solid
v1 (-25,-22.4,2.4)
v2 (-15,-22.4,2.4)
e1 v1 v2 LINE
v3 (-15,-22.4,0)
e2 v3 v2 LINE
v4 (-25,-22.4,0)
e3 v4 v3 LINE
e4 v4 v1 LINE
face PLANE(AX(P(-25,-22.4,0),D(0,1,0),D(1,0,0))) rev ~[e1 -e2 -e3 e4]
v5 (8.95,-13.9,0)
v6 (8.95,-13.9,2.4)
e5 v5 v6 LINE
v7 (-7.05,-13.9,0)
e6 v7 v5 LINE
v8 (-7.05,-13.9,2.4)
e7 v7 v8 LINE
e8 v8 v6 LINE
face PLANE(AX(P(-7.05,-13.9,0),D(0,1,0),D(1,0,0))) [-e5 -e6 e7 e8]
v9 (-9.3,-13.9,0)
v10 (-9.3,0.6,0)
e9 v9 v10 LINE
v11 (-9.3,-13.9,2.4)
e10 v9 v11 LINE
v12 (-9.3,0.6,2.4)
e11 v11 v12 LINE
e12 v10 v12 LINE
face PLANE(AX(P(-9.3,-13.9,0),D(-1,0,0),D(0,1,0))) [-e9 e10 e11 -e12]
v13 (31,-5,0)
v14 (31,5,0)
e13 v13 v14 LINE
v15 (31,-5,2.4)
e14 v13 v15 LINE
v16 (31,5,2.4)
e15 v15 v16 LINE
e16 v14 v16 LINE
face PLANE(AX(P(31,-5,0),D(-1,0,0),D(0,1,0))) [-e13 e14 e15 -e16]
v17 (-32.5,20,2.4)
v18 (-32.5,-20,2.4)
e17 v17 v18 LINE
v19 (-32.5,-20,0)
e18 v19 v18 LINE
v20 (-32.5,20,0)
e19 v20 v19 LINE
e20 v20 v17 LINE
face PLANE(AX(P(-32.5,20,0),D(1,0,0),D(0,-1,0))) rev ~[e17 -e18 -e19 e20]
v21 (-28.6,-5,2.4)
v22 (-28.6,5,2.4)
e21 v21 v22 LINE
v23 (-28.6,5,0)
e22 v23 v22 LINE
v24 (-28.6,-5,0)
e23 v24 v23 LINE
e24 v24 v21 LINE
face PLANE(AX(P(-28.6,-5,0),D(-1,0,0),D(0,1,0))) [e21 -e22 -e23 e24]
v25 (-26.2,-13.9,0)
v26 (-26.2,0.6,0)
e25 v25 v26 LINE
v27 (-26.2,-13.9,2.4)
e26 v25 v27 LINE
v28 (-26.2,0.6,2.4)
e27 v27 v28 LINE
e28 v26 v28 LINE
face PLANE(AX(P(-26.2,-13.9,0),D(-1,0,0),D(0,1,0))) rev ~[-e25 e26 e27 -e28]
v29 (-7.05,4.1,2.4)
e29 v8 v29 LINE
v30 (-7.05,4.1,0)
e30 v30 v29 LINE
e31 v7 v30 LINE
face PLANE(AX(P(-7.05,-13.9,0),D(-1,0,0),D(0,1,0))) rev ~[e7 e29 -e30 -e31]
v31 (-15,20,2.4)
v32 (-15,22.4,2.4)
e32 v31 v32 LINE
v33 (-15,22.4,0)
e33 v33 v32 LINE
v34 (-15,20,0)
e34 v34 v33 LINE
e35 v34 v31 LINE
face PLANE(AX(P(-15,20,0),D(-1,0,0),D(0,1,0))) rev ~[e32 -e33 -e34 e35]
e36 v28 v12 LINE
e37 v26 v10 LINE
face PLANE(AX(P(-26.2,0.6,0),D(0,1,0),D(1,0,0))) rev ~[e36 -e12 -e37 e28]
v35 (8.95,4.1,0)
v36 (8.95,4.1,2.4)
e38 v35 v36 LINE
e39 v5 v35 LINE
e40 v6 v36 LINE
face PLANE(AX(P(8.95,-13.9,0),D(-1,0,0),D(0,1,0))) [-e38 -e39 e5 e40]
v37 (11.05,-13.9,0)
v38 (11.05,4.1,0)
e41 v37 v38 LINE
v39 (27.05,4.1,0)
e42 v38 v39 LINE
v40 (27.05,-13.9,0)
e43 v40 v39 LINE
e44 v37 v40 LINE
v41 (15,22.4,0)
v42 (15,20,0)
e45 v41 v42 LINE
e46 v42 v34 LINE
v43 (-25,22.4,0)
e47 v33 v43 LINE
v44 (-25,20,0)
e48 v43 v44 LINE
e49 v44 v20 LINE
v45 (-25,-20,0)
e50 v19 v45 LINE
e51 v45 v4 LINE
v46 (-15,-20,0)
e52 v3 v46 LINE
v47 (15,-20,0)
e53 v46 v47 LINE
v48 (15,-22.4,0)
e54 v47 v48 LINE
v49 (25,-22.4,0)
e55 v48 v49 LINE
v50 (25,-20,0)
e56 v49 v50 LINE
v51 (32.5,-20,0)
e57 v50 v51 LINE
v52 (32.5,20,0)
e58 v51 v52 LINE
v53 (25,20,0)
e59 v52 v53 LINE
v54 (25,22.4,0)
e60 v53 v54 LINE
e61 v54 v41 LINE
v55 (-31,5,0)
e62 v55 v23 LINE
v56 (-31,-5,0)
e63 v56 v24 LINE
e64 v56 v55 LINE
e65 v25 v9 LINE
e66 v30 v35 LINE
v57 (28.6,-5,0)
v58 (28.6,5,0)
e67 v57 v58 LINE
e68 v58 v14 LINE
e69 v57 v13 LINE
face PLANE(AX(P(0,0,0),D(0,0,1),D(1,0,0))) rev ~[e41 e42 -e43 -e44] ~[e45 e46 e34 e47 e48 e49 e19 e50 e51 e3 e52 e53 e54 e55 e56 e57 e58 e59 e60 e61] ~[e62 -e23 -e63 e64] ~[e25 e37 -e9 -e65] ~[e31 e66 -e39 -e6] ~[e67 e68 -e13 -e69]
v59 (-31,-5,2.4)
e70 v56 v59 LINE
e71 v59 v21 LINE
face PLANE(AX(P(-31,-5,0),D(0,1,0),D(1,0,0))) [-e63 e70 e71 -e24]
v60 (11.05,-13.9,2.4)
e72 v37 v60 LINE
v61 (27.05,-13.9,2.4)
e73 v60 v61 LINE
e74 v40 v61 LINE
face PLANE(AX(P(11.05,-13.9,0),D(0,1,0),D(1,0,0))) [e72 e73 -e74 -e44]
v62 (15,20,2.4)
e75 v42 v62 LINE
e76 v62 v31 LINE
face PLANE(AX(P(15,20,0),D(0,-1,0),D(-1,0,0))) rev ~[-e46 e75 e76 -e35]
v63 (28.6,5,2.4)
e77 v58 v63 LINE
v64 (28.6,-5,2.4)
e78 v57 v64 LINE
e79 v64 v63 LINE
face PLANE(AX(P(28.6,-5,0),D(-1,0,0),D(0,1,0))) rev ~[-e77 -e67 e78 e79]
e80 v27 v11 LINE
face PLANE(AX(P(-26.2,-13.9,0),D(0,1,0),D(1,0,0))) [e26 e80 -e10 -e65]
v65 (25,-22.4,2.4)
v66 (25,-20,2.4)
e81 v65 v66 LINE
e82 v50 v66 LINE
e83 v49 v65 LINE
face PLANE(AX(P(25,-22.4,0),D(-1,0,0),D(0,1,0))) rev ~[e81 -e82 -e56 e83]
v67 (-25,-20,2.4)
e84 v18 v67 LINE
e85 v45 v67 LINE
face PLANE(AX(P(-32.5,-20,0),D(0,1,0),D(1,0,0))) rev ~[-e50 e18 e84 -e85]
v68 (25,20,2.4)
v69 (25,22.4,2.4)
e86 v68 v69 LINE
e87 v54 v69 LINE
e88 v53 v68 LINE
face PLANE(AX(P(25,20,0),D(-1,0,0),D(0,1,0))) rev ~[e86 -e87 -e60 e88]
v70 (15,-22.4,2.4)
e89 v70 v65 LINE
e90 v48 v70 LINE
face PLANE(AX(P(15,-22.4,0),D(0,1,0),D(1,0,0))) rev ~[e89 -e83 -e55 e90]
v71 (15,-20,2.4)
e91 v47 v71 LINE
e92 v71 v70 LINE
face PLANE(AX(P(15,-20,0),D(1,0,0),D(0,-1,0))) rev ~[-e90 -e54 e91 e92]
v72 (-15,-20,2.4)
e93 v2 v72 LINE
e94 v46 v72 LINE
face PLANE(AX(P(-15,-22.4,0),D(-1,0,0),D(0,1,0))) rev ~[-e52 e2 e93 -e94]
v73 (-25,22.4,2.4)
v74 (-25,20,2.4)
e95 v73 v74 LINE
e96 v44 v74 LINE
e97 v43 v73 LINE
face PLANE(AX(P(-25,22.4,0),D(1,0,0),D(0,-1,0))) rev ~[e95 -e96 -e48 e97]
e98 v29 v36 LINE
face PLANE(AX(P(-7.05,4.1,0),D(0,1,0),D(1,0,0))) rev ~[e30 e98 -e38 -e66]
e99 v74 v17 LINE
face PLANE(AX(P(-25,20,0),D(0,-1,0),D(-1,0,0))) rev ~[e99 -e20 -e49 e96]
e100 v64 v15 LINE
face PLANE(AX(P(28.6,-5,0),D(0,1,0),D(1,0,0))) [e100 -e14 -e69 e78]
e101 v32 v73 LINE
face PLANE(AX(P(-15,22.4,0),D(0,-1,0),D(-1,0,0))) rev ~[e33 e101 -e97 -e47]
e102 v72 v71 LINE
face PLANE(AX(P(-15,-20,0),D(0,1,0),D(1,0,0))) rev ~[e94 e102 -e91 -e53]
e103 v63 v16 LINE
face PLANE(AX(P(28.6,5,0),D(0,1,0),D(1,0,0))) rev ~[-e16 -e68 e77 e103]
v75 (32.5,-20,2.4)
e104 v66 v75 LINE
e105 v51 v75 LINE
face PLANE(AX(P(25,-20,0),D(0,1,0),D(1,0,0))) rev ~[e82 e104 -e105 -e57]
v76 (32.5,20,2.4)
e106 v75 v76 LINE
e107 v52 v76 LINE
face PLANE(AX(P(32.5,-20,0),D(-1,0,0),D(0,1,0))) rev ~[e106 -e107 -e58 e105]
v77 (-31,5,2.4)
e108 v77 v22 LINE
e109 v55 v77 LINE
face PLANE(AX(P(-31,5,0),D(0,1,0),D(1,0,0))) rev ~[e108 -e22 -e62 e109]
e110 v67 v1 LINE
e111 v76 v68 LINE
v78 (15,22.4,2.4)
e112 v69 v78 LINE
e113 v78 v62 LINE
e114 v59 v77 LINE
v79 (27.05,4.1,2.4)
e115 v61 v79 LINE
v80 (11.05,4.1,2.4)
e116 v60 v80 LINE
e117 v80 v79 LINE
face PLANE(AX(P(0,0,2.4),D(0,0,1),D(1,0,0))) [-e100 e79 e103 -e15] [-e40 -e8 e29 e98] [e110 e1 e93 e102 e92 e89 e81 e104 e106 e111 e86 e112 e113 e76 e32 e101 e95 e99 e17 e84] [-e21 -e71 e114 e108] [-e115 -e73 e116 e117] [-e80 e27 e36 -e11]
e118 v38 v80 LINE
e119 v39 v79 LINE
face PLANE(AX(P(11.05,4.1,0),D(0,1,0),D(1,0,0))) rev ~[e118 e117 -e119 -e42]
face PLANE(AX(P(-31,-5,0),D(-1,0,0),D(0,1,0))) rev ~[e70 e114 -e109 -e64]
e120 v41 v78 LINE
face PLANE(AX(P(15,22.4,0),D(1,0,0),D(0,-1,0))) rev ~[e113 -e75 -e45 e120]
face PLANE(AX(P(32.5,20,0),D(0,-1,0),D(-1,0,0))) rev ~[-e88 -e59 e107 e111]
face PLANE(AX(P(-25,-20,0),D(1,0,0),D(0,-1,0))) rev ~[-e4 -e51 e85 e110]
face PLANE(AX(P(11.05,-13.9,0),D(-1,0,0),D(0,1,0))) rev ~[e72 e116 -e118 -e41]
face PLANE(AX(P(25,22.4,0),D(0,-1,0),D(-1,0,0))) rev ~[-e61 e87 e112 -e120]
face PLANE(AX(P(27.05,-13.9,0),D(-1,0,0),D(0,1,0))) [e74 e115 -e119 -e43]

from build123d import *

# Parameters (mm, degrees)
F0_W     = 16.9
F0_H     = 14.5
F0_W_2   = 16
F0_H_2   = 18
F0_W_3   = 2.4
F0_H_3   = 10
F1_DEPTH = 2.4


with BuildPart() as f1:
    # F0 (on Top) → F1 (new body)
    with BuildSketch(Plane.XY):
        Polygon((32.5, -20), (32.5, 20), (25, 20), (25, 22.4), (15, 22.4), (15, 20), (-15, 20), (-15, 22.4), (-25, 22.4), (-25, 20), (-32.5, 20), (-32.5, -20), (-25, -20), (-25, -22.4), (-15, -22.4), (-15, -20), (7.5, -20), (15, -20), (15, -22.4), (25, -22.4), (25, -20), align=None)
        with Locations((-17.75, -6.65)):
            Rectangle(F0_W, F0_H, mode=Mode.SUBTRACT)
        with Locations((0.95, -4.9)):
            Rectangle(F0_W_2, F0_H_2, mode=Mode.SUBTRACT)
        with Locations((19.05, -4.9)):
            Rectangle(F0_W_2, F0_H_2, mode=Mode.SUBTRACT)
        with Locations((-29.8, 0)):
            Rectangle(F0_W_3, F0_H_3, mode=Mode.SUBTRACT)
        with Locations((29.8, 0)):
            Rectangle(F0_W_3, F0_H_3, mode=Mode.SUBTRACT)
    extrude(amount=F1_DEPTH)


solid = f1.part
